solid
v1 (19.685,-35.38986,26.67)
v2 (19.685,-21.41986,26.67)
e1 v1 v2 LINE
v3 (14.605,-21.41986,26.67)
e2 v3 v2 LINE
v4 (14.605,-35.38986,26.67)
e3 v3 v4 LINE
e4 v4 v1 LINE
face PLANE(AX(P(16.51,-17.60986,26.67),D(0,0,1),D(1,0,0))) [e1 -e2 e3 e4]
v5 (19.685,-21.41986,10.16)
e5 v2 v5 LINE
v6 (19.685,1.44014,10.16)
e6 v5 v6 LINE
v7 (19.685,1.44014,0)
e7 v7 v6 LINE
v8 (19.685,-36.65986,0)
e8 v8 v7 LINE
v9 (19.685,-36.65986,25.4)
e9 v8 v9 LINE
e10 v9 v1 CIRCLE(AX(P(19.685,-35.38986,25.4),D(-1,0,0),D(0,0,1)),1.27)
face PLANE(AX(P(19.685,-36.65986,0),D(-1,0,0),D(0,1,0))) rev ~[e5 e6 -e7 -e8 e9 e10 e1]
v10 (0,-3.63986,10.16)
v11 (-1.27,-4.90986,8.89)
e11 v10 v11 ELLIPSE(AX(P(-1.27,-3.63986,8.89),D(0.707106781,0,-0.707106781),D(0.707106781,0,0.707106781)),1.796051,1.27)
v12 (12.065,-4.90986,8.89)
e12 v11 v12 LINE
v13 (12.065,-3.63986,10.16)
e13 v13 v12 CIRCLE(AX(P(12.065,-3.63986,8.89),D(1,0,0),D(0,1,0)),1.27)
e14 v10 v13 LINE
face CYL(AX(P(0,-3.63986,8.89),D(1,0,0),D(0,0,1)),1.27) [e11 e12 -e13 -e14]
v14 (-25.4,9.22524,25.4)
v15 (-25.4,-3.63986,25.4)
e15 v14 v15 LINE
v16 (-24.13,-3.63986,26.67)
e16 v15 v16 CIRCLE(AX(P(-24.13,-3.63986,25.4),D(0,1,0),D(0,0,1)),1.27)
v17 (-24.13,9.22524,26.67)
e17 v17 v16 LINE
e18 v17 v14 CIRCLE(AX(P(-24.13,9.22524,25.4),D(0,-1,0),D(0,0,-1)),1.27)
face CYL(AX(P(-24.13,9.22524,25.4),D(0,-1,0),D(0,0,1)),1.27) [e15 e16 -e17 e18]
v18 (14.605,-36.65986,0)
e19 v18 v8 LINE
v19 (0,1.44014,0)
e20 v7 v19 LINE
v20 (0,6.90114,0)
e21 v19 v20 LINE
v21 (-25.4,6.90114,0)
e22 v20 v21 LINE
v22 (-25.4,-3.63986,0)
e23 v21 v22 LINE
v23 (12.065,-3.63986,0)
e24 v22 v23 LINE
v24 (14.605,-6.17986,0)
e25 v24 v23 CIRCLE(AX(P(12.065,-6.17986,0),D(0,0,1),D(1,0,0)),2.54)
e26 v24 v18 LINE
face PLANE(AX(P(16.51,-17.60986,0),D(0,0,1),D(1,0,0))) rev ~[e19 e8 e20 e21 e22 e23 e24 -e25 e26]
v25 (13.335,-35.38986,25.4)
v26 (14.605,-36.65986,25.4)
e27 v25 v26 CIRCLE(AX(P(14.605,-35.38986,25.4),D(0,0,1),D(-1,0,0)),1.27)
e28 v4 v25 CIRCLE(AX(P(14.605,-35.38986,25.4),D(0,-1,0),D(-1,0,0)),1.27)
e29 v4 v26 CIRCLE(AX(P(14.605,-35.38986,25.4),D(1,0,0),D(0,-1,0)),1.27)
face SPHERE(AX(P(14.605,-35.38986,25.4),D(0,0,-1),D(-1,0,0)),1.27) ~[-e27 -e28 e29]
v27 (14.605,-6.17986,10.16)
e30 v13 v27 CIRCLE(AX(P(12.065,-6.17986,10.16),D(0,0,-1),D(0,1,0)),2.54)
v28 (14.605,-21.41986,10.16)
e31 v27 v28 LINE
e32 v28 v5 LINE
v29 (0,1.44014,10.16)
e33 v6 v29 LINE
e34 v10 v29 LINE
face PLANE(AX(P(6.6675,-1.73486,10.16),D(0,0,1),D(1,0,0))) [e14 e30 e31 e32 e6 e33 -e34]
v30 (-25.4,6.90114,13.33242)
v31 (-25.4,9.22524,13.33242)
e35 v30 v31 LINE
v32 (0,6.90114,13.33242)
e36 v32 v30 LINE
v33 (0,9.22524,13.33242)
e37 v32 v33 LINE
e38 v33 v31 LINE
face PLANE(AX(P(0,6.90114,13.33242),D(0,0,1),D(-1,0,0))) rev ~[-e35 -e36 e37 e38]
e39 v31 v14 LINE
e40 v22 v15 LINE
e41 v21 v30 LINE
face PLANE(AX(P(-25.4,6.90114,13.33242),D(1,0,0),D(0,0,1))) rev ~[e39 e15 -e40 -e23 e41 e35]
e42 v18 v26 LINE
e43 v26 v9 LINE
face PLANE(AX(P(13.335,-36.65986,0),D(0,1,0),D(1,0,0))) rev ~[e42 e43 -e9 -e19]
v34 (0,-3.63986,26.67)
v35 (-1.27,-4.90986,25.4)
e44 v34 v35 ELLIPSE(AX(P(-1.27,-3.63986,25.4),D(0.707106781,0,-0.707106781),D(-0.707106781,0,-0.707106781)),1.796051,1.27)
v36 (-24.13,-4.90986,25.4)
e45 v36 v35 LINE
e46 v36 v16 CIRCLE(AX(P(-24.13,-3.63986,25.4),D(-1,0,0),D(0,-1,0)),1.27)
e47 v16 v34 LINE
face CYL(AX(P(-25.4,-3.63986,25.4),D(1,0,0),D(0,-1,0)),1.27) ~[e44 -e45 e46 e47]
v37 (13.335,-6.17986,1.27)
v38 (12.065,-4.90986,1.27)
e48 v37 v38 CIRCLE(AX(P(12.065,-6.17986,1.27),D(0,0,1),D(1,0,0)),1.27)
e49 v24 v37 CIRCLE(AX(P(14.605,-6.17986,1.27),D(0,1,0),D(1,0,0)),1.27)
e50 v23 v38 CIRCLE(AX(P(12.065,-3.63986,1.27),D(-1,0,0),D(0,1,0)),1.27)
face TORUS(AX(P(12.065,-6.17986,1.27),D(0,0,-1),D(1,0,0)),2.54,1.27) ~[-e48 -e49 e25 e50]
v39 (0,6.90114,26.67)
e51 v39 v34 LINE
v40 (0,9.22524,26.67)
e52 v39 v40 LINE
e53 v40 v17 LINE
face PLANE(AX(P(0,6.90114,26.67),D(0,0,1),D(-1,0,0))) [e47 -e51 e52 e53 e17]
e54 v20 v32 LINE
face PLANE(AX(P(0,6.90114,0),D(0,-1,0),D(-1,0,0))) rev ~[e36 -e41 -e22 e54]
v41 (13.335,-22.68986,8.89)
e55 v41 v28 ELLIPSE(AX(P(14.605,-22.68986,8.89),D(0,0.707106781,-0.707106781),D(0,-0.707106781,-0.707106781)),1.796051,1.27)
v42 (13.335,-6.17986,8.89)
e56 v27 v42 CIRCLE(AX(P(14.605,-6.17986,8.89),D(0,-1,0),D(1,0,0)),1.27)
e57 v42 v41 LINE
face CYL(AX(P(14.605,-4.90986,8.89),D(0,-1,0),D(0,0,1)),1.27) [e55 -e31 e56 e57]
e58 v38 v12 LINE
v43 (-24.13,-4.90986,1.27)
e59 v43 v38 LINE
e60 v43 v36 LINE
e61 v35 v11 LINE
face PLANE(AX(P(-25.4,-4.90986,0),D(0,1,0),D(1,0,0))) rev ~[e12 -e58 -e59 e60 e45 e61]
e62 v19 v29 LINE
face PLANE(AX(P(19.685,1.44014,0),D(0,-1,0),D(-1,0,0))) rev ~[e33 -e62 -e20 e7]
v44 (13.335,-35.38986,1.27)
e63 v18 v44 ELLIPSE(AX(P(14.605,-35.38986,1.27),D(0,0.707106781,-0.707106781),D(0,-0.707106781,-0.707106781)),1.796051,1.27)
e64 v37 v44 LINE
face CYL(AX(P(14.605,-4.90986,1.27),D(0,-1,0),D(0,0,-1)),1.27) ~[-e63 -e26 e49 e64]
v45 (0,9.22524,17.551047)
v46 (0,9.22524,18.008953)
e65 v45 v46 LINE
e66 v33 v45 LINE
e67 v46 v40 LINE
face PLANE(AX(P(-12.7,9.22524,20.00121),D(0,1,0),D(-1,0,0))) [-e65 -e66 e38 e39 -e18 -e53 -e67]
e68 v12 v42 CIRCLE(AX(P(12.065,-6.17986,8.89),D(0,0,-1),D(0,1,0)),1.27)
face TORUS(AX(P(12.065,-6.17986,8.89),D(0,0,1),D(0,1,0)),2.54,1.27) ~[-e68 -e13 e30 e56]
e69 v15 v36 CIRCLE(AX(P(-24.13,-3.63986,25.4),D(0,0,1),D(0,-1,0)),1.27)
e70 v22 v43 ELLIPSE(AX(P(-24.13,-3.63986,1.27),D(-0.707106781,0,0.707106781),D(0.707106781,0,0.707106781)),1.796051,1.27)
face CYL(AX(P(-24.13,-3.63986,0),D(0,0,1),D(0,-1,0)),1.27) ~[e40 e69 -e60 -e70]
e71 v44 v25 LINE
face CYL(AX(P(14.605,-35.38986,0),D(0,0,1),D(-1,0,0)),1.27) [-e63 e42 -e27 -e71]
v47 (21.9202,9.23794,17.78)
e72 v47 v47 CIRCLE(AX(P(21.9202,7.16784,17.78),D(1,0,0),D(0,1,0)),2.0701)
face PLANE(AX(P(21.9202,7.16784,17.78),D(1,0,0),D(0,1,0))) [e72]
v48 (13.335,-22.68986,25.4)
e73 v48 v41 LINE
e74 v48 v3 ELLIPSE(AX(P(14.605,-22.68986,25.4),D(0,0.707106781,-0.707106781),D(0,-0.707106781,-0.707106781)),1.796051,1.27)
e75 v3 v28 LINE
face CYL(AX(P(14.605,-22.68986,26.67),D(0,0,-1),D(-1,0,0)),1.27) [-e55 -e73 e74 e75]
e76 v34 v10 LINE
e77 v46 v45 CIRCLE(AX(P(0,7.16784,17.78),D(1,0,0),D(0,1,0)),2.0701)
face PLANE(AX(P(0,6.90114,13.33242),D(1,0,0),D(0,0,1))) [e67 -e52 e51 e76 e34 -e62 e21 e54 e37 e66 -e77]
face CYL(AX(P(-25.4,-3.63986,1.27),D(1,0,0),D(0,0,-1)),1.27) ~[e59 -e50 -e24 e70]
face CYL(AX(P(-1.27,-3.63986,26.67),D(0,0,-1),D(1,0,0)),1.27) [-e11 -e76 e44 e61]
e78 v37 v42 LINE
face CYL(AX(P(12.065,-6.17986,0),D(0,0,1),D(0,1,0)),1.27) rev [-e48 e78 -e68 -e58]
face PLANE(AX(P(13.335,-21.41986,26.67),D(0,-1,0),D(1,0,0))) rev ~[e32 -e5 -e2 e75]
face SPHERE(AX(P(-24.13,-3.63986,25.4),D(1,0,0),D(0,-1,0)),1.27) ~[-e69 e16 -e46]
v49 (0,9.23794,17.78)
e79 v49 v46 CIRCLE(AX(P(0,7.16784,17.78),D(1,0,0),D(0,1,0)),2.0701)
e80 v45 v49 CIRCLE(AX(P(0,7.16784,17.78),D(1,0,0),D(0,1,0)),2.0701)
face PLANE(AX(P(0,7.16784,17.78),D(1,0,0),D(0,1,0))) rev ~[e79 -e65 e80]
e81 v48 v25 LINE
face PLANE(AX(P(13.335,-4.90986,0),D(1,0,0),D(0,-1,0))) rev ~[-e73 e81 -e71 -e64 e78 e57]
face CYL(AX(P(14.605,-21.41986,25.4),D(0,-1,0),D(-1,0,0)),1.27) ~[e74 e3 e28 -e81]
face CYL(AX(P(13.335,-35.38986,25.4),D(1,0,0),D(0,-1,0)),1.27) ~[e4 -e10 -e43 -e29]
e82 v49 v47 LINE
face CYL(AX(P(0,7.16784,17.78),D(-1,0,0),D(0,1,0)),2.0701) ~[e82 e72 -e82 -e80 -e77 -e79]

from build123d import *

# Parameters (mm, degrees)
F1_DEPTH = 26.67
F2_W     = 13.335
F2_H     = 6.35
F3_DEPTH = 16.51
F4_W     = 25.4
F4_H     = 13.3375799713
F5_DEPTH = 2.3241
F6_R     = 2.0701
F7_DEPTH = 21.9202
F8_R     = 1.27


with BuildPart() as f1:
    # F0 (on Top) → F1 (new body)
    with BuildSketch(Plane.XY):
        Polygon((19.685, 1.4401404459), (13.335, 1.4401404459), (13.335, -3.6108427172), (13.335, -4.9098595541), (13.335, -36.6598595541), (19.685, -36.6598595541), align=None)
        Polygon((13.335, -3.6108427172), (13.335, 1.4401404459), (0, 1.4401404459), (0, -4.9098595541), (13.335, -4.9098595541), align=None)
        Polygon((0, -4.9098595541), (0, 1.4401404459), (0, 6.9011404459), (-25.4, 6.9011404459), (-25.4, -4.9098595541), align=None)
    extrude(amount=F1_DEPTH)

    # F2 (on face) → F3 (cut)
    with BuildSketch(Plane.XY.offset(26.67)):
        with Locations((6.6675, -1.7348595541)):
            Rectangle(F2_W, F2_H)
        Polygon((19.685, 1.4401404459), (13.335, 1.4401404459), (13.335, -4.9098595541), (13.335, -21.4198595541), (19.685, -21.4198595541), align=None)
    extrude(amount=-F3_DEPTH, mode=Mode.SUBTRACT)

    # F4 (on face) → F5 (join)
    with BuildSketch(Plane(origin=(0, 6.9011404459, 0), x_dir=(-1, 0, 0), z_dir=(0, 1, 0))):
        with Locations((12.7, 20.0012100144)):
            Rectangle(F4_W, F4_H)
    extrude(amount=F5_DEPTH)

    # F6 (on face) → F7 (join, through all)
    with BuildSketch(Plane.YZ):
        with Locations((7.1678404459, 17.78)):
            Circle(F6_R)
    extrude(amount=F7_DEPTH)

    # F8
    f8_edges = [f1.edges().sort_by_distance(p)[0] for p in [
        (-6.0325, -4.90986, 0),
        (13.335, -4.90986, 5.08),
        (6.6675, -4.90986, 10.16),
        (0, -4.90986, 18.415),
        (-12.7, -4.90986, 26.67),
        (-25.4, -4.90986, 13.335),
        (13.335, -20.78486, 0),
        (13.335, -36.65986, 13.335),
        (13.335, -29.03986, 26.67),
        (13.335, -21.41986, 18.415),
        (13.335, -13.16486, 10.16),
        (-25.4, 2.15769, 26.67),
        (16.51, -36.65986, 26.67),
    ]]
    fillet(f8_edges, radius=F8_R)


solid = f1.part
